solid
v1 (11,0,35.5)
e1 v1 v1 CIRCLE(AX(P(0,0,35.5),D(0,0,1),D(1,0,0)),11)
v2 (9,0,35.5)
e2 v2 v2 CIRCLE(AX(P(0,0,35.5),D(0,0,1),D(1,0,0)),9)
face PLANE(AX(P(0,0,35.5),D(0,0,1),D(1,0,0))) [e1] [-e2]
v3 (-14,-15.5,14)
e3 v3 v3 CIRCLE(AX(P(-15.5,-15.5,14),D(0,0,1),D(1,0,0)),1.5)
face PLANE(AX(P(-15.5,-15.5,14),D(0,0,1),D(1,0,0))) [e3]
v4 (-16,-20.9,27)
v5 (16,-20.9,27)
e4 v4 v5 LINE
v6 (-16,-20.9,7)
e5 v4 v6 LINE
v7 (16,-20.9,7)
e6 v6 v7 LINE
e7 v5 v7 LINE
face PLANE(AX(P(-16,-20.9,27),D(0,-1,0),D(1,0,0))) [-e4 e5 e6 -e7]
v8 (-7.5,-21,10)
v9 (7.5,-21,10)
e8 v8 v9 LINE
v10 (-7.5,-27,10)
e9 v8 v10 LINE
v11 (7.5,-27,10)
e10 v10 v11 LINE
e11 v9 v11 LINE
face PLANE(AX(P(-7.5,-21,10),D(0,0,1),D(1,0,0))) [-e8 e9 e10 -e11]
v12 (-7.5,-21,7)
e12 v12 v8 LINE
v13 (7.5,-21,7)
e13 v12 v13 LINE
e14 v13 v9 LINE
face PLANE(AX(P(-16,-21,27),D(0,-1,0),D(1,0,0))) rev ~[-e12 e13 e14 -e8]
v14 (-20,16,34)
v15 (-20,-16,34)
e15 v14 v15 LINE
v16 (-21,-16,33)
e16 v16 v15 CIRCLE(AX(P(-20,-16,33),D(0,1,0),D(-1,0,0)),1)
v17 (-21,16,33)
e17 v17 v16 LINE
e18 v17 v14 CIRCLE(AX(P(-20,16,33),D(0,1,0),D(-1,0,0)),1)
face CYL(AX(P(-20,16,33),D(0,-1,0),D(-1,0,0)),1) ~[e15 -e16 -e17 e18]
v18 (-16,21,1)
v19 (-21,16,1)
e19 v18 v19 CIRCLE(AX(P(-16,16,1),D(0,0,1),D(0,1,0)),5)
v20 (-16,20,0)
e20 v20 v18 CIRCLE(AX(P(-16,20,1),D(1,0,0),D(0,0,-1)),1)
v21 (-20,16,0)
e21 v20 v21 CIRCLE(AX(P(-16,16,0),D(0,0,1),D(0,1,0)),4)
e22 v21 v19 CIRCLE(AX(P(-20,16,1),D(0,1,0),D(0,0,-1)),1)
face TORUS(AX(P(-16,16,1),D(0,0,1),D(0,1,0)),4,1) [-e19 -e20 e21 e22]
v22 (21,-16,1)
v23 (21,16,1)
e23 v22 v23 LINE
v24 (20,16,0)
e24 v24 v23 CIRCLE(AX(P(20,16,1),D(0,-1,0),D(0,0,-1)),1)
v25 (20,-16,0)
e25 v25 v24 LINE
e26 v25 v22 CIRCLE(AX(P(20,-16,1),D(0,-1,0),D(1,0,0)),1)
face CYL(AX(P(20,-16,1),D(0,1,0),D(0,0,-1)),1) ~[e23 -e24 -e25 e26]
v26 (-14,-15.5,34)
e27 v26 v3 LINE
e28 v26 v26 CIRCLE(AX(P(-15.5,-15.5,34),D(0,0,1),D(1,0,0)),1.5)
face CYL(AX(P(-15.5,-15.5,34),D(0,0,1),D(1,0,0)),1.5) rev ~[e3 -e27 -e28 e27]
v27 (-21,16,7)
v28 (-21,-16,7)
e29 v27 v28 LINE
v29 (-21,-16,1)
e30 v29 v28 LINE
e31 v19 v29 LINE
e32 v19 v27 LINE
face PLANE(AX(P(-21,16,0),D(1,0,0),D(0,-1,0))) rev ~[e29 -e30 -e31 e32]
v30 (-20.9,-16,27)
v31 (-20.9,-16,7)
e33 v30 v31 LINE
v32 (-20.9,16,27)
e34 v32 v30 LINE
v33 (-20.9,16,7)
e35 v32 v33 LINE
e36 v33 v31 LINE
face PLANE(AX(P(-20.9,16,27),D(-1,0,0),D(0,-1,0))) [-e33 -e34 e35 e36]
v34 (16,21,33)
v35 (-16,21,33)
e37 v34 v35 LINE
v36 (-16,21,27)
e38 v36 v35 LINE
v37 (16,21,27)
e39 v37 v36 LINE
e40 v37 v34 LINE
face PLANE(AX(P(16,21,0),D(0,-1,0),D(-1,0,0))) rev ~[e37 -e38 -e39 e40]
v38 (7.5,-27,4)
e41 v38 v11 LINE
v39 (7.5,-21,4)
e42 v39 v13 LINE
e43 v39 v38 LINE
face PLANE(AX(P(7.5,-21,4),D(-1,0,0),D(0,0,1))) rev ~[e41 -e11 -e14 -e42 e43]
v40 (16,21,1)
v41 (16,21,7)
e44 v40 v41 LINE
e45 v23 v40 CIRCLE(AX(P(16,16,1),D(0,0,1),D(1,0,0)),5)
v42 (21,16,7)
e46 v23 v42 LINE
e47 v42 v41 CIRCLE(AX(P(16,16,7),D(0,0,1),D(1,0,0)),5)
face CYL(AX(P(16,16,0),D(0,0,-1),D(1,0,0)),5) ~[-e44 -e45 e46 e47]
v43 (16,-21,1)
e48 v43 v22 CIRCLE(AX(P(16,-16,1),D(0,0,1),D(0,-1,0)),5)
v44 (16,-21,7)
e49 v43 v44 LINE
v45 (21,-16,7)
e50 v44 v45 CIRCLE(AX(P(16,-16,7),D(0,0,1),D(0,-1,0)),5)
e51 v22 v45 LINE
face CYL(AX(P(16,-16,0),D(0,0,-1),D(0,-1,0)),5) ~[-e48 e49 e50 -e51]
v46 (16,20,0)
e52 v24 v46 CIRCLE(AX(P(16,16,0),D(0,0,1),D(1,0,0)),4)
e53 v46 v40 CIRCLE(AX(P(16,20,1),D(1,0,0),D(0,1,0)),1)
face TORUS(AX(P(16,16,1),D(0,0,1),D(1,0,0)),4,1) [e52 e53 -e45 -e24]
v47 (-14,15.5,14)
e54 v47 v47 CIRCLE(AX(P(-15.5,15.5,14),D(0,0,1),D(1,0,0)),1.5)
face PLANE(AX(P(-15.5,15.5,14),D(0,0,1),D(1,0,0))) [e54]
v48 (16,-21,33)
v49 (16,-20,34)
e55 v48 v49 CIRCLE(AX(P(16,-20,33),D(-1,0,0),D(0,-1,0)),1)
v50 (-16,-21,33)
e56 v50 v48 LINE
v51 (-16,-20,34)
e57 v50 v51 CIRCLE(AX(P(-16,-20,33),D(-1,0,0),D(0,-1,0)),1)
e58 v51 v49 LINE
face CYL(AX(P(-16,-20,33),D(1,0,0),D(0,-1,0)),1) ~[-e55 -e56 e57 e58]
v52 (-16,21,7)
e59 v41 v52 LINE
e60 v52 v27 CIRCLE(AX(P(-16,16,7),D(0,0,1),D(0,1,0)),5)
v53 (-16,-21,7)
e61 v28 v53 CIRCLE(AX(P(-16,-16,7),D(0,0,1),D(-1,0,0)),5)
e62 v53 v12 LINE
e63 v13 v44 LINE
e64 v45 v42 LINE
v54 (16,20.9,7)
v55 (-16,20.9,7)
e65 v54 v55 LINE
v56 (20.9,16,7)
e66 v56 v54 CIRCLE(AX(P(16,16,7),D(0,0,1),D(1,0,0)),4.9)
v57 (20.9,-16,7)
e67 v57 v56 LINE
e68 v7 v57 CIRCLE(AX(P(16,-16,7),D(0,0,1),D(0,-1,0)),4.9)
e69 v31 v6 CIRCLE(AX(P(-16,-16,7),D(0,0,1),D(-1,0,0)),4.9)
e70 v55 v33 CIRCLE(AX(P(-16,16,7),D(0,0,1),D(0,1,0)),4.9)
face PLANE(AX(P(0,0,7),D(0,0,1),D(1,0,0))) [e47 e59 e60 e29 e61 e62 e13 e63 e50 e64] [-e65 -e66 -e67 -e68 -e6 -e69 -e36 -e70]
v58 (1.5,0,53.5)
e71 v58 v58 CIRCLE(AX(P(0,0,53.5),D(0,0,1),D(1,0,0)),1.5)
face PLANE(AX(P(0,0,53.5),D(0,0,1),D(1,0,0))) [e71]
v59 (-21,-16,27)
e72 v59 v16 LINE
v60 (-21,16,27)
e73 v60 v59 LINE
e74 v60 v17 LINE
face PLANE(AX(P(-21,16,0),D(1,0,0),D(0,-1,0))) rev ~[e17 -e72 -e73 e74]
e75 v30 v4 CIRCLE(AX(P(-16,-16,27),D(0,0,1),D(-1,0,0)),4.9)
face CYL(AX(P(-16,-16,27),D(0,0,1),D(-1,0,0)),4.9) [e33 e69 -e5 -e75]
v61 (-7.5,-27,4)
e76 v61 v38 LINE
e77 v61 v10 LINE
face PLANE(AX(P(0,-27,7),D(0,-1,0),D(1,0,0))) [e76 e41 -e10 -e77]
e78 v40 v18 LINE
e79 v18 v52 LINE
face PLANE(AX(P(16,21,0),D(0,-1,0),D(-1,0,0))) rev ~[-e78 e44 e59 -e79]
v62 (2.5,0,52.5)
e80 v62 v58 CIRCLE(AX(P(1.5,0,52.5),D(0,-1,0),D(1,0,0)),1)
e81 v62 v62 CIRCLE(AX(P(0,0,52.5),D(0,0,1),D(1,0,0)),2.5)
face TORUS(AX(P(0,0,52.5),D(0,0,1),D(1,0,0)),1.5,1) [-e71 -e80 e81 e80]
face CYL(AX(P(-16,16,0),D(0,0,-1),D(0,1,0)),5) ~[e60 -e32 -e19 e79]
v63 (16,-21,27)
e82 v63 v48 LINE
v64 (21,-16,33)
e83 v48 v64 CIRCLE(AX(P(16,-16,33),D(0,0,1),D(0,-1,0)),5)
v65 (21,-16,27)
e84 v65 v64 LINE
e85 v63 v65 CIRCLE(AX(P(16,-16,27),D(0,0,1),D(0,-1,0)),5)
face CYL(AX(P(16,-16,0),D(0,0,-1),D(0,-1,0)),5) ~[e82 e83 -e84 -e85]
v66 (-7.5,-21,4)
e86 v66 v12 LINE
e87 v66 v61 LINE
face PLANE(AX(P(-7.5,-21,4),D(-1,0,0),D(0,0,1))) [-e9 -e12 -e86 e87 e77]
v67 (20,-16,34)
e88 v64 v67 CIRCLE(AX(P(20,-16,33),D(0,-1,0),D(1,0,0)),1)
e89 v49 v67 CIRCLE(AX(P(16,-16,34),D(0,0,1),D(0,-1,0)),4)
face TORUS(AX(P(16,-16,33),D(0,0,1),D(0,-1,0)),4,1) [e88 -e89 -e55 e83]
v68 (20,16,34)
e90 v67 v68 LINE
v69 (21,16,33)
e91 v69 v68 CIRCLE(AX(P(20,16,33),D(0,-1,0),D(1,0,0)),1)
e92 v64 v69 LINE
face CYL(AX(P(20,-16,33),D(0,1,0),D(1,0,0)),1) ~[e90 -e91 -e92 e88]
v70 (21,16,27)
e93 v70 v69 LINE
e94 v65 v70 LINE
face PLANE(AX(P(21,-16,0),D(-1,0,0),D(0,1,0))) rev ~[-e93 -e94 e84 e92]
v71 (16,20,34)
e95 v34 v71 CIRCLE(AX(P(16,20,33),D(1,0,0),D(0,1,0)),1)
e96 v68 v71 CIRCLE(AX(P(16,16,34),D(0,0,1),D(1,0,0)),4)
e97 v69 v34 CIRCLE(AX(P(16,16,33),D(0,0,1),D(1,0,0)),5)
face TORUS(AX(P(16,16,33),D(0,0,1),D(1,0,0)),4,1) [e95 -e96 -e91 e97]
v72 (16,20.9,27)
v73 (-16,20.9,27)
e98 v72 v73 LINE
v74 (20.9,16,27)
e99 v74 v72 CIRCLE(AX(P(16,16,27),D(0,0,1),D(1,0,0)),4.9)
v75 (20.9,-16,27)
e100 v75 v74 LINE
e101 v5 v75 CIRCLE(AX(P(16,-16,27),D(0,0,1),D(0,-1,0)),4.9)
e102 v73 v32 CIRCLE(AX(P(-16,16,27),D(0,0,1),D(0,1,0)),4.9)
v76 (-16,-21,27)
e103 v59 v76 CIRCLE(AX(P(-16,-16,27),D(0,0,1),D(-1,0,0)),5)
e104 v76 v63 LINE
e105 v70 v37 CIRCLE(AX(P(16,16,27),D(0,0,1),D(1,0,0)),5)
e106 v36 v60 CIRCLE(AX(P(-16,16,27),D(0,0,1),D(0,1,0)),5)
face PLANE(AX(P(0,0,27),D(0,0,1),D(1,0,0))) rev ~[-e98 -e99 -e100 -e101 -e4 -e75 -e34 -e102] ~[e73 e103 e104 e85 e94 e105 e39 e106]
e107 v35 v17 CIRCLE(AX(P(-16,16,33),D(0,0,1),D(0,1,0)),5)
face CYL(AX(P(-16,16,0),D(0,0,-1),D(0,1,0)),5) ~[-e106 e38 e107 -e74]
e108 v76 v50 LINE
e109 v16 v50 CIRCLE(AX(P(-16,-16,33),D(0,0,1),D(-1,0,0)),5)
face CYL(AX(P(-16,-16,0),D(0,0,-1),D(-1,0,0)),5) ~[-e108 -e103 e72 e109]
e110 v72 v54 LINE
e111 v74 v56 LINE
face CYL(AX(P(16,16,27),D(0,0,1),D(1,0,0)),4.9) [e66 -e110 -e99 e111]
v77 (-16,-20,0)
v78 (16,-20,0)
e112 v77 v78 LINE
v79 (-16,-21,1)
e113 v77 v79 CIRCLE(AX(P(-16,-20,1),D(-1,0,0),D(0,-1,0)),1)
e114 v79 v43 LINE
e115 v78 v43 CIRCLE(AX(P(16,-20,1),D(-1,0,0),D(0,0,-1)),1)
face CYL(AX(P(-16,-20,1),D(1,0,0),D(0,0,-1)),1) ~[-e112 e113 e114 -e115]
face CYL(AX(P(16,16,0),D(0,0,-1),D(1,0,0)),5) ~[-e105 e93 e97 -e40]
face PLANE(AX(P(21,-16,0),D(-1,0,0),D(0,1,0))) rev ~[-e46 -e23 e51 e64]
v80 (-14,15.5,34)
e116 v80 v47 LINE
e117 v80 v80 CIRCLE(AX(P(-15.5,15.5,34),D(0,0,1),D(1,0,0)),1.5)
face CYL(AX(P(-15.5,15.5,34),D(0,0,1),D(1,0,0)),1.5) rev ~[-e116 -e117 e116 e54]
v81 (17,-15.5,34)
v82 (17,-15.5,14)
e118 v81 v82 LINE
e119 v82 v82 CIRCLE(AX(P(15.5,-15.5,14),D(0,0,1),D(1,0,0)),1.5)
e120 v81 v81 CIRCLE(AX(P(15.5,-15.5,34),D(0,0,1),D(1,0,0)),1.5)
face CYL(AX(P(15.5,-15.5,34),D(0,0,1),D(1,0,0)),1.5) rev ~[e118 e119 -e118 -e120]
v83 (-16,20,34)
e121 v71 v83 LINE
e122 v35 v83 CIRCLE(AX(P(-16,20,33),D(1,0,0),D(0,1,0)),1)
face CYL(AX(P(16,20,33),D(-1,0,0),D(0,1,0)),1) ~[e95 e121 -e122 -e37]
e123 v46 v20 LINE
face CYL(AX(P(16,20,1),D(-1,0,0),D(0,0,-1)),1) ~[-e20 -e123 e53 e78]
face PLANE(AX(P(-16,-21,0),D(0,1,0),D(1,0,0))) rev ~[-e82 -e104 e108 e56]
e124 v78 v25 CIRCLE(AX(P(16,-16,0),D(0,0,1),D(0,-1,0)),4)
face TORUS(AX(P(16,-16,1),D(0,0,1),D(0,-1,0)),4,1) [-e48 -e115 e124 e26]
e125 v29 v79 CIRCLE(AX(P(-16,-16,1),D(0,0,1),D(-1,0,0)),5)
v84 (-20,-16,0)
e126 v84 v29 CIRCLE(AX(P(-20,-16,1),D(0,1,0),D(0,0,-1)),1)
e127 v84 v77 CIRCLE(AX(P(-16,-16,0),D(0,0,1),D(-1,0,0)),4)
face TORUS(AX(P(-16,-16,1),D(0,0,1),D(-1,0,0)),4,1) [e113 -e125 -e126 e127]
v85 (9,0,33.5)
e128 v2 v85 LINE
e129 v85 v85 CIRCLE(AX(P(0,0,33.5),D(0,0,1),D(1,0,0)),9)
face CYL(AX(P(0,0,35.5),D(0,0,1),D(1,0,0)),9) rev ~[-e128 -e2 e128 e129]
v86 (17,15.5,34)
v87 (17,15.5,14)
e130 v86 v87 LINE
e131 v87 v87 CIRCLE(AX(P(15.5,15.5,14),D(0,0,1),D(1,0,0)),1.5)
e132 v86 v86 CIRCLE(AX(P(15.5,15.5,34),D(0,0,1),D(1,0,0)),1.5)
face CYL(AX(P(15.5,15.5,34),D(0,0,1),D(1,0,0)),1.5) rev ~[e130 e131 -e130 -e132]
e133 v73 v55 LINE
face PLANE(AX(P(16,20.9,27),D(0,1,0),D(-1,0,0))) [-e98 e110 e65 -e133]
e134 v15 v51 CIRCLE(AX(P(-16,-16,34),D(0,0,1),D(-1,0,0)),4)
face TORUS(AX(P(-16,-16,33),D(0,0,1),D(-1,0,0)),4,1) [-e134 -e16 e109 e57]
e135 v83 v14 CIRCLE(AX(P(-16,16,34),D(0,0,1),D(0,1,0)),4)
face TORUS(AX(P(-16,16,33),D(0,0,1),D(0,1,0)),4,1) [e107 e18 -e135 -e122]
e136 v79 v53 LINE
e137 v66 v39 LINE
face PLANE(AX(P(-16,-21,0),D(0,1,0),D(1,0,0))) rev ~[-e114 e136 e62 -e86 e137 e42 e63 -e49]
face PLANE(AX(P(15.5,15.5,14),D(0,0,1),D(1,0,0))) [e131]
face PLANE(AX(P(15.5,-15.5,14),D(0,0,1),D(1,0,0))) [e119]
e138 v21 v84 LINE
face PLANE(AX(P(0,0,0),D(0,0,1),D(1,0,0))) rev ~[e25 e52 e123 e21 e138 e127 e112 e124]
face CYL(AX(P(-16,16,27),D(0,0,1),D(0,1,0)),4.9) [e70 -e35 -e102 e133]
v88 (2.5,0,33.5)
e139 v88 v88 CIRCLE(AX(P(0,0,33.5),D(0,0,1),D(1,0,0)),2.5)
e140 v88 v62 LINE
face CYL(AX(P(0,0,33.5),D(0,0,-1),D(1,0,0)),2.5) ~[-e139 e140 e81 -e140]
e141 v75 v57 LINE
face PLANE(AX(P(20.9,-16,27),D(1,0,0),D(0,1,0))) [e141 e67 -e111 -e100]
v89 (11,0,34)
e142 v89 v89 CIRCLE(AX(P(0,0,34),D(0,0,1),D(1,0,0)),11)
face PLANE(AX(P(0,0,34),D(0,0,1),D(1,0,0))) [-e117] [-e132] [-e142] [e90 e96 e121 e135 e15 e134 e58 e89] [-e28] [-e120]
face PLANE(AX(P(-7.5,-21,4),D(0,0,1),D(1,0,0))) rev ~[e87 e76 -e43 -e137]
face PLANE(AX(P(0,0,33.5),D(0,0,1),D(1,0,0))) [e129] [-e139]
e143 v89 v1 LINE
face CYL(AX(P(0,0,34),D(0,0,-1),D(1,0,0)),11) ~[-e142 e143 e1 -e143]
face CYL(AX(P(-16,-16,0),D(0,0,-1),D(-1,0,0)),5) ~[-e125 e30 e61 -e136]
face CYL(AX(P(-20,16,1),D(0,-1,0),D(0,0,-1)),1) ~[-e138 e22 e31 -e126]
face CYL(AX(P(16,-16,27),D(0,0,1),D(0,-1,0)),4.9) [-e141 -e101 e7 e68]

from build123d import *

# Parameters (mm, degrees)
BOSS_EXTRUDE1_DEPTH = 34
SKETCH4_R           = 11
BOSS_EXTRUDE2_DEPTH = 1.5
SKETCH5_W           = 15
SKETCH5_H           = 6
BOSS_EXTRUDE3_DEPTH = 6
SKETCH6_R           = 9
CUT_EXTRUDE1_DEPTH  = 2
SKETCH7_R           = 2.5
BOSS_EXTRUDE4_DEPTH = 20
CUT_EXTRUDE3_DEPTH  = 20
FILLET1_R           = 1
FILLET2_R           = 1
SKETCH9_R           = 1.5
CUT_EXTRUDE4_DEPTH  = 20


with BuildPart() as part:
    # Sketch2 → Boss-Extrude1 (new body)
    with BuildSketch(Plane.XY):
        with BuildLine():
            Line((-16, -21), (16, -21))
            ThreePointArc((16, -21), (19.535533906, -19.535533906), (21, -16))
            Line((21, -16), (21, 16))
            ThreePointArc((21, 16), (19.535533906, 19.535533906), (16, 21))
            Line((16, 21), (-16, 21))
            ThreePointArc((-16, 21), (-19.535533906, 19.535533906), (-21, 16))
            Line((-21, 16), (-21, -16))
            ThreePointArc((-21, -16), (-19.535533906, -19.535533906), (-16, -21))
        make_face()
    extrude(amount=BOSS_EXTRUDE1_DEPTH)

    # Sketch4 → Boss-Extrude2 (add)
    with BuildSketch(Plane.XY.offset(34)):
        Circle(SKETCH4_R)
    extrude(amount=BOSS_EXTRUDE2_DEPTH)

    # Sketch5 → Boss-Extrude3 (add)
    with BuildSketch(Plane.XZ.offset(21)):
        with Locations((0, 7)):
            Rectangle(SKETCH5_W, SKETCH5_H)
    extrude(amount=BOSS_EXTRUDE3_DEPTH)

    # Sketch6 → Cut-Extrude1 (cut)
    with BuildSketch(Plane.XY.offset(35.5)):
        Circle(SKETCH6_R)
    extrude(amount=-CUT_EXTRUDE1_DEPTH, mode=Mode.SUBTRACT)

    # Sketch7 → Boss-Extrude4 (add)
    with BuildSketch(Plane.XY.offset(33.5)):
        Circle(SKETCH7_R)
    extrude(amount=BOSS_EXTRUDE4_DEPTH)

    # Sketch8 → Cut-Extrude3 (cut)
    with BuildSketch(Plane.XY.offset(27)):
        with BuildLine():
            Line((16, 21), (-16, 21))
            ThreePointArc((-16, 21), (-19.535533906, 19.535533906), (-21, 16))
            Line((-21, 16), (-21, -16))
            ThreePointArc((-21, -16), (-19.535533906, -19.535533906), (-16, -21))
            Line((-16, -21), (16, -21))
            ThreePointArc((16, -21), (19.535533906, -19.535533906), (21, -16))
            Line((21, -16), (21, 16))
            ThreePointArc((21, 16), (19.535533906, 19.535533906), (16, 21))
        make_face()
        with BuildLine():
            Line((16, 20.9), (-16, 20.9))
            ThreePointArc((-16, 20.9), (-19.464823228, 19.464823228), (-20.9, 16))
            Line((-20.9, 16), (-20.9, -16))
            ThreePointArc((-20.9, -16), (-19.464823228, -19.464823228), (-16, -20.9))
            Line((-16, -20.9), (16, -20.9))
            ThreePointArc((16, -20.9), (19.464823228, -19.464823228), (20.9, -16))
            Line((20.9, -16), (20.9, 16))
            ThreePointArc((20.9, 16), (19.464823228, 19.464823228), (16, 20.9))
        make_face(mode=Mode.SUBTRACT)
    extrude(amount=-CUT_EXTRUDE3_DEPTH, mode=Mode.SUBTRACT)

    # Fillet1
    fillet1_edges = [part.edges().sort_by_distance(p)[0] for p in [
        (-21, 0, 0),
        (-19.535533906, 19.535533906, 0),
        (0, 21, 0),
        (19.535533906, 19.535533906, 0),
        (-19.535533906, 19.535533906, 34),
        (-21, 0, 34),
        (-19.535533906, -19.535533906, 34),
        (0, -21, 34),
        (19.535533906, -19.535533906, 34),
        (21, 0, 34),
        (19.535533906, 19.535533906, 34),
        (21, 0, 0),
        (0, 21, 34),
        (19.535533906, -19.535533906, 0),
        (0, -21, 0),
        (-19.535533906, -19.535533906, 0),
    ]]
    fillet(fillet1_edges, radius=FILLET1_R)

    # Fillet2
    fillet2_edges = [part.edges().sort_by_distance(p)[0] for p in [
        (-2.5, 0, 53.5),
    ]]
    fillet(fillet2_edges, radius=FILLET2_R)

    # Sketch9 → Cut-Extrude4 (cut)
    with BuildSketch(Plane.XY.offset(34)):
        with Locations((15.5, 15.5)):
            Circle(SKETCH9_R)
        with Locations((15.5, -15.5)):
            Circle(SKETCH9_R)
        with Locations((-15.5, -15.5)):
            Circle(SKETCH9_R)
        with Locations((-15.5, 15.5)):
            Circle(SKETCH9_R)
    extrude(amount=-CUT_EXTRUDE4_DEPTH, mode=Mode.SUBTRACT)


solid = part.part
